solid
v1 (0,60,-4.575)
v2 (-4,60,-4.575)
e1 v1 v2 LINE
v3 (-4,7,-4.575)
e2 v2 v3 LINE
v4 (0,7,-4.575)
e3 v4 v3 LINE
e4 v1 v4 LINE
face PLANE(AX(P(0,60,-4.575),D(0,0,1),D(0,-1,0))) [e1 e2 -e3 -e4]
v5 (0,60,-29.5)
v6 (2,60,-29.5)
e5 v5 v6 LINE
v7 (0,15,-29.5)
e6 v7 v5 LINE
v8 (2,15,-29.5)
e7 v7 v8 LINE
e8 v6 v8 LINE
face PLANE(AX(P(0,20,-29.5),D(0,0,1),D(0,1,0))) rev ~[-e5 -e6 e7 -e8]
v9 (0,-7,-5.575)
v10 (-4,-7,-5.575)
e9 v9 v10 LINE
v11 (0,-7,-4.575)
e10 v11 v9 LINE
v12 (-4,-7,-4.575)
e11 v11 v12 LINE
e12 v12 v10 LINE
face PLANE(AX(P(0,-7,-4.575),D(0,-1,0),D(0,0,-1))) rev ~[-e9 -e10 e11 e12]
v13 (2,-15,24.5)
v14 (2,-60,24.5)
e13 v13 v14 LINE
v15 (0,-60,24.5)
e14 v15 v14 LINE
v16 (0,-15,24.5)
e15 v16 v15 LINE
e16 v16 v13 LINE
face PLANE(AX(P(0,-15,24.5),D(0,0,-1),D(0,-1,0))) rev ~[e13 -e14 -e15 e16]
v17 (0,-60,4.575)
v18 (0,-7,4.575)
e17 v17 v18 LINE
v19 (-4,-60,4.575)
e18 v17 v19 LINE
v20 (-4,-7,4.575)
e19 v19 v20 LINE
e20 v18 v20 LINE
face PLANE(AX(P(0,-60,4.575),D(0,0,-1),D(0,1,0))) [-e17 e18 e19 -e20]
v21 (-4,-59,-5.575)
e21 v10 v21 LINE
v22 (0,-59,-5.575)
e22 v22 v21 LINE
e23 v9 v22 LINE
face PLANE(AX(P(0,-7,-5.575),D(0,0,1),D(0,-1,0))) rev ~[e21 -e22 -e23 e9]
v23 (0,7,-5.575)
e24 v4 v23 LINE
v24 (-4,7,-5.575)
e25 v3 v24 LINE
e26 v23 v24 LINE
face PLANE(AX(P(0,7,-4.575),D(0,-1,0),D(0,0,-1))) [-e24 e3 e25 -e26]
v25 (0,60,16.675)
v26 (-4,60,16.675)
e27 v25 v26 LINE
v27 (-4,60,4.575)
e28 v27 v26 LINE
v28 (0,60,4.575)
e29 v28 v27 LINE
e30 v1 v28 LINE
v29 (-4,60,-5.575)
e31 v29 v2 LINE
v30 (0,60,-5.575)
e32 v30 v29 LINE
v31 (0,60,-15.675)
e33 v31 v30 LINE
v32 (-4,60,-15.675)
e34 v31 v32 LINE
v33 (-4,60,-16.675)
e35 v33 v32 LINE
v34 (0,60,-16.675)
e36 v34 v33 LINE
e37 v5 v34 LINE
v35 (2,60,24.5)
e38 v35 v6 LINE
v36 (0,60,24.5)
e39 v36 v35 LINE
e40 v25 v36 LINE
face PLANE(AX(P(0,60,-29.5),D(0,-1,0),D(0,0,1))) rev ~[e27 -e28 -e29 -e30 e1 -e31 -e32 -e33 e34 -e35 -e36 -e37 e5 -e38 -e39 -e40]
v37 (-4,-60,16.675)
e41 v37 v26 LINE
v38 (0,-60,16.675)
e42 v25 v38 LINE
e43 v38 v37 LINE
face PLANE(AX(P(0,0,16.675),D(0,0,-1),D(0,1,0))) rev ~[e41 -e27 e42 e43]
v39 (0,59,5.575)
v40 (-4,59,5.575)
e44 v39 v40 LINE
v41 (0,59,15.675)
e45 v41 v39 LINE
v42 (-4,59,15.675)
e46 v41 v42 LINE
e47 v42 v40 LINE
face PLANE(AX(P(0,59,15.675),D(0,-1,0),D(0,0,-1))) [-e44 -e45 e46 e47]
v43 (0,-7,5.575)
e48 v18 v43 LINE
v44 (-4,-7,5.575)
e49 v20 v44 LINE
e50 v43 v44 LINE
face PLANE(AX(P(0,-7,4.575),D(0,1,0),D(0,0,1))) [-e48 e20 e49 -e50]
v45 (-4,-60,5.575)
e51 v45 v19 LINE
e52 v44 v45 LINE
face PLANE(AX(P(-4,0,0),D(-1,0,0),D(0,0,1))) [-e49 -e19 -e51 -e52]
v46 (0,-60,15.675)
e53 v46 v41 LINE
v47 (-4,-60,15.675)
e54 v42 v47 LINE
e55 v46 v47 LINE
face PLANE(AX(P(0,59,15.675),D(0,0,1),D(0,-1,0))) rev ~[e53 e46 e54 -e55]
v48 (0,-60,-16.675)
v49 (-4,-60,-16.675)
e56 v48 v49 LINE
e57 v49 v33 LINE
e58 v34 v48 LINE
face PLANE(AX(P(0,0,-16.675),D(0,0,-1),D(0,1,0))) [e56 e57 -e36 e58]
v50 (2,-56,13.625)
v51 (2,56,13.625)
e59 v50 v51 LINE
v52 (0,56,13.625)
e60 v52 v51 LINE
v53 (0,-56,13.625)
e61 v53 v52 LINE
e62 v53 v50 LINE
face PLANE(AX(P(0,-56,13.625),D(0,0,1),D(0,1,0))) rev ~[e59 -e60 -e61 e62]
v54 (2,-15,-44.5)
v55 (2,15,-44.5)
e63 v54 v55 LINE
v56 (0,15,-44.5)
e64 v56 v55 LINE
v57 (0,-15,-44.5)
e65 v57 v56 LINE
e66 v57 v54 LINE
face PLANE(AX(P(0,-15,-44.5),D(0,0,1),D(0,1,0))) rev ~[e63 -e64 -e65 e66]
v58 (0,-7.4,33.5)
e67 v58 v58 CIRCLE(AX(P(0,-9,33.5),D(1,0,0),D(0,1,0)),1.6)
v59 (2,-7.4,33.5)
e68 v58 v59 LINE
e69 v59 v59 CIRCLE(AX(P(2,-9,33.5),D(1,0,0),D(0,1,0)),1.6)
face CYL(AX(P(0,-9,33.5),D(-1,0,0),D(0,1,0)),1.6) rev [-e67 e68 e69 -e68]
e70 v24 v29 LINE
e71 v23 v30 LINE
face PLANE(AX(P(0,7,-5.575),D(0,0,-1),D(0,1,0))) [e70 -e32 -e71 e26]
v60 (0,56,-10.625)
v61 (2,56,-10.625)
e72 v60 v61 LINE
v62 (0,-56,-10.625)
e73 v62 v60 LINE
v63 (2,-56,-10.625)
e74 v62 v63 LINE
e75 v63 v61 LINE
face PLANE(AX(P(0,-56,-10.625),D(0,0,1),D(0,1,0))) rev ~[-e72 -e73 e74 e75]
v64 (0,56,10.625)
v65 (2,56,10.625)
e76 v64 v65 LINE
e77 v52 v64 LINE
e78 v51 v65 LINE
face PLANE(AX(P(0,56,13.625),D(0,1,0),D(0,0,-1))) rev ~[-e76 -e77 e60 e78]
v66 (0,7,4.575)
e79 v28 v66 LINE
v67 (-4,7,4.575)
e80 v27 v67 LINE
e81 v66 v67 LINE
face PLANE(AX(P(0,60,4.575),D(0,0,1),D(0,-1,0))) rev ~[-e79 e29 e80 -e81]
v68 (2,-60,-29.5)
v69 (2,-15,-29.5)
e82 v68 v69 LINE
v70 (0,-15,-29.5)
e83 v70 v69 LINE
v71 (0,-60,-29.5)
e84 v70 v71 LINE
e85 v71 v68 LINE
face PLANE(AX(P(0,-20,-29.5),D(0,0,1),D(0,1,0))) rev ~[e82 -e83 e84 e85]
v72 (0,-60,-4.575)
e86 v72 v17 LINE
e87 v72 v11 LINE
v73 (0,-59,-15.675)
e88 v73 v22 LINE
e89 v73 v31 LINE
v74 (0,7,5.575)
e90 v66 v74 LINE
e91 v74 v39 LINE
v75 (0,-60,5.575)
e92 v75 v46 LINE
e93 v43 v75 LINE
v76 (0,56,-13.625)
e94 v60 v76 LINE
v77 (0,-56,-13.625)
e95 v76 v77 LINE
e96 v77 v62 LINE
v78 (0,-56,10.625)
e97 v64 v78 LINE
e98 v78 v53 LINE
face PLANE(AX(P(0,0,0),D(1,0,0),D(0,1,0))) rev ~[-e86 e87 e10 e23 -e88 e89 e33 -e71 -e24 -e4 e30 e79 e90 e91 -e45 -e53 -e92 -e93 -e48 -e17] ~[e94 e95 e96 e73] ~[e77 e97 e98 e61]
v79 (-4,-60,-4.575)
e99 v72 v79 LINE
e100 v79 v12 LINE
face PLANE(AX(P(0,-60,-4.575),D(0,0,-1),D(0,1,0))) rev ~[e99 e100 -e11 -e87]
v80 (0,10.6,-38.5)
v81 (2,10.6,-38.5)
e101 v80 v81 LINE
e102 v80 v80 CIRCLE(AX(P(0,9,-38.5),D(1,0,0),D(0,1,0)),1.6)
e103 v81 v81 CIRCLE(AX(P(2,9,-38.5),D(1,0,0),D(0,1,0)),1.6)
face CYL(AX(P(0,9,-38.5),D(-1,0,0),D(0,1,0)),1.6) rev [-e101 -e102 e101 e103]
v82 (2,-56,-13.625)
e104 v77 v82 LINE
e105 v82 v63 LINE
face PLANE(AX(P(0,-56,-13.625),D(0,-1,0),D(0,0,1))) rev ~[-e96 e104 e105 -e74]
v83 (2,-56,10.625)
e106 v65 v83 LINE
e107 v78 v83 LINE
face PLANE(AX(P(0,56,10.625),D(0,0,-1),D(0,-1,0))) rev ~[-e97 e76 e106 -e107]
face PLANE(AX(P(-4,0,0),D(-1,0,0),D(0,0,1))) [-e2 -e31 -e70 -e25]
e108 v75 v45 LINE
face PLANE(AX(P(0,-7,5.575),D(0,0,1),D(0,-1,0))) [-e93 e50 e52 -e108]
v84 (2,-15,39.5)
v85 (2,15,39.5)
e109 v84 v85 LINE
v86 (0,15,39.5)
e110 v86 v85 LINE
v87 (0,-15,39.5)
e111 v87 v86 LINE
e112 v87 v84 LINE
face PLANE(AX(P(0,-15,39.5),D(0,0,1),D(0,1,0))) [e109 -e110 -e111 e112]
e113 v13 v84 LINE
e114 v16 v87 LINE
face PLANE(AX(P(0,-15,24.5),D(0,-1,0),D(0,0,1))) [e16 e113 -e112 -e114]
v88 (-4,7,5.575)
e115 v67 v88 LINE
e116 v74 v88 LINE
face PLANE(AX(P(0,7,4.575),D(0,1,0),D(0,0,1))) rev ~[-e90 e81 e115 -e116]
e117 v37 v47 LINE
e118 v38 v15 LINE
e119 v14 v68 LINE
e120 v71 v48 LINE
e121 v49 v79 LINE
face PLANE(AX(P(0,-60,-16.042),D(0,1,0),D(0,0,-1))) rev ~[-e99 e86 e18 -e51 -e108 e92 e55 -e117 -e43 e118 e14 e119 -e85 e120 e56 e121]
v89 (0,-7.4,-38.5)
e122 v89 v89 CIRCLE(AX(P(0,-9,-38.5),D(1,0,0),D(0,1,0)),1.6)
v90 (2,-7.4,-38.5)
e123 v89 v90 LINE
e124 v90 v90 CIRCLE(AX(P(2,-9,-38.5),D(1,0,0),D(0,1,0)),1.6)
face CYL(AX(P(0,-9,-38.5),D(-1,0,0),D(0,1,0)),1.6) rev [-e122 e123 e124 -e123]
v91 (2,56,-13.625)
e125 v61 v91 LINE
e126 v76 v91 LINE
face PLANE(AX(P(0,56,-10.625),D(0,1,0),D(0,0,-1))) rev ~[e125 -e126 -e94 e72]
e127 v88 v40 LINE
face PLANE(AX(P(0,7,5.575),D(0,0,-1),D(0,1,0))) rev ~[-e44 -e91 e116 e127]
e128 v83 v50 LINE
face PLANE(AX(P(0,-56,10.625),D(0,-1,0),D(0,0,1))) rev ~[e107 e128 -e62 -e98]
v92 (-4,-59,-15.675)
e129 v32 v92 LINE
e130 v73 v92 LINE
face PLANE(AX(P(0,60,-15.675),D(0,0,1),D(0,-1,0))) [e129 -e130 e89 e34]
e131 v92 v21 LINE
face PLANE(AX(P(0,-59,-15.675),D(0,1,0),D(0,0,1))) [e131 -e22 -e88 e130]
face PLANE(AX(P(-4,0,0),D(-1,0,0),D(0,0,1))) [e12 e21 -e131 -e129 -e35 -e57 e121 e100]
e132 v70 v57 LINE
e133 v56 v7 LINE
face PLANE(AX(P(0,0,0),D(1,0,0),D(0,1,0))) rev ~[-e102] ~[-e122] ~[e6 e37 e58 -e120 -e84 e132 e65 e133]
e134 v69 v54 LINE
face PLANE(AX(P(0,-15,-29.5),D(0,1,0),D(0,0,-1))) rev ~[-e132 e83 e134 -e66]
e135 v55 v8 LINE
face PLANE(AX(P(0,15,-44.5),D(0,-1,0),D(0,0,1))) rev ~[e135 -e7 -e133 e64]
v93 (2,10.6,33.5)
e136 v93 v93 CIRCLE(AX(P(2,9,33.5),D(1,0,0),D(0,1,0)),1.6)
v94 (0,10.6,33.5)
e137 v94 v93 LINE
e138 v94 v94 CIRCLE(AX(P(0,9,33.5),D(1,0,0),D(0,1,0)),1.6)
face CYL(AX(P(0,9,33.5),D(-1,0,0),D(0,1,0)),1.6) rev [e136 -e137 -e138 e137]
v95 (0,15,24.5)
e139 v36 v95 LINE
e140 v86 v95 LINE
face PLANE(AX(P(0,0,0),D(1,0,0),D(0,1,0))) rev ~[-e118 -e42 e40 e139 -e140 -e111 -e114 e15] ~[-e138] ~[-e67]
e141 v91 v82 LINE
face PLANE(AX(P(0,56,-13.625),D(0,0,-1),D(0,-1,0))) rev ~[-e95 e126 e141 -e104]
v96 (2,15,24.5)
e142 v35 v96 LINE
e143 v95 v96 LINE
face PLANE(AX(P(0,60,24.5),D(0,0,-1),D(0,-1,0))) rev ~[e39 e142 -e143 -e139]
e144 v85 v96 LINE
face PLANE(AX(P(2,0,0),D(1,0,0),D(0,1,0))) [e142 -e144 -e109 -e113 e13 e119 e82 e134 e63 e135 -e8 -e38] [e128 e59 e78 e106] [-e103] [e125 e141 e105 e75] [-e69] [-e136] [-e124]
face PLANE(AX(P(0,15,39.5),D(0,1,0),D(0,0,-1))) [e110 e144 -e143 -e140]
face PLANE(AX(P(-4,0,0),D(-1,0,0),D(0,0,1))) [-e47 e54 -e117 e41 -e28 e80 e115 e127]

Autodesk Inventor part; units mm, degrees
ref_plane "YZ Plane" through (0, 0, 0) normal (1, 0, 0) x (0, 1, 0)
ref_plane "XZ Plane" through (0, 0, 0) normal (0, 1, 0) x (-1, 0, 0)
ref_plane "XY Plane" through (0, 0, 0) normal (0, 0, 1) x (1, 0, 0)
sketch "スケッチ1" plane through (0, 0, 0) normal (1, 0, 0) x (0, 1, 0)
  line L0 (60, -16.042) -> (-60, -16.042)
  line L1 (-60, -16.042) -> (-60, 16.042)
  line L2 (-60, 16.042) -> (60, 16.042)
  line L3 (60, 16.042) -> (60, -16.042)
  line L4 (60, -16.042) -> (-60, 16.042) construction
  line L5 (-60, -16.042) -> (60, 16.042) construction
  line L6 (-56, 13.625) -> (56, 13.625)
  line L7 (56, 13.625) -> (56, 10.625)
  line L8 (56, 10.625) -> (-56, 10.625)
  line L9 (-56, 10.625) -> (-56, 13.625)
  line L10 (-56, -10.625) -> (56, -10.625)
  line L11 (56, -10.625) -> (56, -13.625)
  line L12 (56, -13.625) -> (-56, -13.625)
  line L13 (-56, -13.625) -> (-56, -10.625)
  line L14 (60, -16.042) -> (-60, -16.042)
  line L15 (-60, -16.042) -> (-60, -29.5)
  line L16 (-60, -29.5) -> (60, -29.5)
  line L17 (60, -29.5) -> (60, -16.042)
  line L18 (-60, 16.042) -> (60, 16.042)
  line L19 (60, 16.042) -> (60, 24.5)
  line L20 (60, 24.5) -> (-60, 24.5)
  line L21 (-60, 24.5) -> (-60, 16.042)
  line L22 (15, 24.5) -> (-15, 24.5)
  line L23 (-15, 24.5) -> (-15, 39.5)
  line L24 (-15, 39.5) -> (15, 39.5)
  line L25 (15, 39.5) -> (15, 24.5)
  line L26 (20, -29.5) -> (10, -29.5)
  line L27 (-10, -29.5) -> (-20, -29.5)
  circle A0 centre (9, 33.5) radius 1.6
  circle A1 centre (-9, 33.5) radius 1.6
  line L28 (60, 0) -> (-60, 0)
  line L29 (15, -29.5) -> (-15, -29.5)
  line L30 (-15, -29.5) -> (-15, -44.5)
  line L31 (-15, -44.5) -> (15, -44.5)
  line L32 (15, -44.5) -> (15, -29.5)
  circle A2 centre (-9, -38.5) radius 1.6
  circle A3 centre (9, -38.5) radius 1.6
  point P0 (0, 0)
  point P1 (0, 0)
  point P2 (56, 12.125)
  point P3 (56, -12.125)
  point P4 (0, 0)
  point P5 (-15, 24.5)
  point P6 (-15, -29.5)
  dimension "d1" = 120
  dimension "d3" = 12.125
  dimension "d6" = 3
  dimension "d11" = 12.125
  dimension "d15" = 2.417
  dimension "d26" = 4
  dimension "d27" = 4
  dimension "d41" = 29.5
  dimension "d53" = 54
  dimension "d72" = 15
  dimension "d74" = 15
  dimension "d75" = 30
  dimension "d79" = 6
  dimension "d80" = 3.2
  dimension "d92" = 18
  dimension "d97" = 15
  dimension "d101" = 72
  dimension "d106" = 9
extrude "押し出し1" add sketch "スケッチ1" along normal blind 2
sketch "スケッチ3" plane through (0, 0, 0) normal (-1, 0, 0) x (0, 0, 1)
  line L0 (-29.5, 60) -> (24.5, 60) projected
  line L1 (5.575, 60) -> (4.575, 60)
  line L2 (4.575, 60) -> (4.575, 7)
  line L3 (4.575, 7) -> (5.575, 7)
  line L4 (5.575, 7) -> (5.575, 60)
  line L5 (16.675, 60) -> (15.675, 60)
  line L6 (15.675, 60) -> (15.675, 0)
  line L7 (15.675, 0) -> (16.675, 0)
  line L8 (16.675, 0) -> (16.675, 60)
  line L9 (0, 0) -> (4.575, 0)
  line L10 (0, 0) -> (0, 19.0491)
  line L11 (5.575, -60) -> (4.575, -60)
  line L12 (4.575, -60) -> (4.575, -7)
  line L13 (4.575, -7) -> (5.575, -7)
  line L14 (5.575, -7) -> (5.575, -60)
  line L15 (16.675, -60) -> (15.675, -60)
  line L16 (15.675, -60) -> (15.675, 0)
  line L17 (16.675, 0) -> (16.675, -60)
  line L18 (-5.575, 60) -> (-4.575, 60)
  line L19 (-4.575, 60) -> (-4.575, 7)
  line L20 (-4.575, 7) -> (-5.575, 7)
  line L21 (-5.575, 7) -> (-5.575, 60)
  line L22 (-16.675, 60) -> (-15.675, 60)
  line L23 (-15.675, 60) -> (-15.675, 0)
  line L24 (-15.675, 0) -> (-16.675, 0)
  line L25 (-16.675, 0) -> (-16.675, 60)
  line L26 (-5.575, -60) -> (-4.575, -60)
  line L27 (-4.575, -60) -> (-4.575, -7)
  line L28 (-4.575, -7) -> (-5.575, -7)
  line L29 (-5.575, -7) -> (-5.575, -60)
  line L30 (-16.675, -60) -> (-15.675, -60)
  line L31 (-15.675, -60) -> (-15.675, 0)
  line L32 (-16.675, 0) -> (-16.675, -60)
  line L33 (5.575, 60) -> (15.675, 60)
  line L34 (15.675, 60) -> (15.675, 59)
  line L35 (15.675, 59) -> (5.575, 59)
  line L36 (5.575, 59) -> (5.575, 60)
  line L37 (-5.575, -60) -> (-15.675, -60)
  line L38 (-15.675, -60) -> (-15.675, -59)
  line L39 (-15.675, -59) -> (-5.575, -59)
  line L40 (-5.575, -59) -> (-5.575, -60)
  point P0 (-15.675, 60)
  point P1 (-16.675, 60)
  point P2 (15.675, 60)
  point P3 (0, 9.5245)
  point P4 (-5.575, -59)
  point P5 (5.575, 59)
  dimension "d31" = 1
  dimension "d33" = 1
  dimension "d34" = 60
  dimension "d35" = 10.1
  dimension "d36" = 7
  dimension "d61" = 5.575
  dimension "d62" = 1
  dimension "d63" = 1
extrude "押し出し4" add sketch "スケッチ3" along normal blind 4
equation "\"d74\" = 0.5 * d75"
equation "\"d2\" = 0.25 * d0"
equation "\"d73\" = d72"
equation "\"d78\" = 0.5 * d72"
equation "\"d0\" = 30"
properties part number "hand-box"
